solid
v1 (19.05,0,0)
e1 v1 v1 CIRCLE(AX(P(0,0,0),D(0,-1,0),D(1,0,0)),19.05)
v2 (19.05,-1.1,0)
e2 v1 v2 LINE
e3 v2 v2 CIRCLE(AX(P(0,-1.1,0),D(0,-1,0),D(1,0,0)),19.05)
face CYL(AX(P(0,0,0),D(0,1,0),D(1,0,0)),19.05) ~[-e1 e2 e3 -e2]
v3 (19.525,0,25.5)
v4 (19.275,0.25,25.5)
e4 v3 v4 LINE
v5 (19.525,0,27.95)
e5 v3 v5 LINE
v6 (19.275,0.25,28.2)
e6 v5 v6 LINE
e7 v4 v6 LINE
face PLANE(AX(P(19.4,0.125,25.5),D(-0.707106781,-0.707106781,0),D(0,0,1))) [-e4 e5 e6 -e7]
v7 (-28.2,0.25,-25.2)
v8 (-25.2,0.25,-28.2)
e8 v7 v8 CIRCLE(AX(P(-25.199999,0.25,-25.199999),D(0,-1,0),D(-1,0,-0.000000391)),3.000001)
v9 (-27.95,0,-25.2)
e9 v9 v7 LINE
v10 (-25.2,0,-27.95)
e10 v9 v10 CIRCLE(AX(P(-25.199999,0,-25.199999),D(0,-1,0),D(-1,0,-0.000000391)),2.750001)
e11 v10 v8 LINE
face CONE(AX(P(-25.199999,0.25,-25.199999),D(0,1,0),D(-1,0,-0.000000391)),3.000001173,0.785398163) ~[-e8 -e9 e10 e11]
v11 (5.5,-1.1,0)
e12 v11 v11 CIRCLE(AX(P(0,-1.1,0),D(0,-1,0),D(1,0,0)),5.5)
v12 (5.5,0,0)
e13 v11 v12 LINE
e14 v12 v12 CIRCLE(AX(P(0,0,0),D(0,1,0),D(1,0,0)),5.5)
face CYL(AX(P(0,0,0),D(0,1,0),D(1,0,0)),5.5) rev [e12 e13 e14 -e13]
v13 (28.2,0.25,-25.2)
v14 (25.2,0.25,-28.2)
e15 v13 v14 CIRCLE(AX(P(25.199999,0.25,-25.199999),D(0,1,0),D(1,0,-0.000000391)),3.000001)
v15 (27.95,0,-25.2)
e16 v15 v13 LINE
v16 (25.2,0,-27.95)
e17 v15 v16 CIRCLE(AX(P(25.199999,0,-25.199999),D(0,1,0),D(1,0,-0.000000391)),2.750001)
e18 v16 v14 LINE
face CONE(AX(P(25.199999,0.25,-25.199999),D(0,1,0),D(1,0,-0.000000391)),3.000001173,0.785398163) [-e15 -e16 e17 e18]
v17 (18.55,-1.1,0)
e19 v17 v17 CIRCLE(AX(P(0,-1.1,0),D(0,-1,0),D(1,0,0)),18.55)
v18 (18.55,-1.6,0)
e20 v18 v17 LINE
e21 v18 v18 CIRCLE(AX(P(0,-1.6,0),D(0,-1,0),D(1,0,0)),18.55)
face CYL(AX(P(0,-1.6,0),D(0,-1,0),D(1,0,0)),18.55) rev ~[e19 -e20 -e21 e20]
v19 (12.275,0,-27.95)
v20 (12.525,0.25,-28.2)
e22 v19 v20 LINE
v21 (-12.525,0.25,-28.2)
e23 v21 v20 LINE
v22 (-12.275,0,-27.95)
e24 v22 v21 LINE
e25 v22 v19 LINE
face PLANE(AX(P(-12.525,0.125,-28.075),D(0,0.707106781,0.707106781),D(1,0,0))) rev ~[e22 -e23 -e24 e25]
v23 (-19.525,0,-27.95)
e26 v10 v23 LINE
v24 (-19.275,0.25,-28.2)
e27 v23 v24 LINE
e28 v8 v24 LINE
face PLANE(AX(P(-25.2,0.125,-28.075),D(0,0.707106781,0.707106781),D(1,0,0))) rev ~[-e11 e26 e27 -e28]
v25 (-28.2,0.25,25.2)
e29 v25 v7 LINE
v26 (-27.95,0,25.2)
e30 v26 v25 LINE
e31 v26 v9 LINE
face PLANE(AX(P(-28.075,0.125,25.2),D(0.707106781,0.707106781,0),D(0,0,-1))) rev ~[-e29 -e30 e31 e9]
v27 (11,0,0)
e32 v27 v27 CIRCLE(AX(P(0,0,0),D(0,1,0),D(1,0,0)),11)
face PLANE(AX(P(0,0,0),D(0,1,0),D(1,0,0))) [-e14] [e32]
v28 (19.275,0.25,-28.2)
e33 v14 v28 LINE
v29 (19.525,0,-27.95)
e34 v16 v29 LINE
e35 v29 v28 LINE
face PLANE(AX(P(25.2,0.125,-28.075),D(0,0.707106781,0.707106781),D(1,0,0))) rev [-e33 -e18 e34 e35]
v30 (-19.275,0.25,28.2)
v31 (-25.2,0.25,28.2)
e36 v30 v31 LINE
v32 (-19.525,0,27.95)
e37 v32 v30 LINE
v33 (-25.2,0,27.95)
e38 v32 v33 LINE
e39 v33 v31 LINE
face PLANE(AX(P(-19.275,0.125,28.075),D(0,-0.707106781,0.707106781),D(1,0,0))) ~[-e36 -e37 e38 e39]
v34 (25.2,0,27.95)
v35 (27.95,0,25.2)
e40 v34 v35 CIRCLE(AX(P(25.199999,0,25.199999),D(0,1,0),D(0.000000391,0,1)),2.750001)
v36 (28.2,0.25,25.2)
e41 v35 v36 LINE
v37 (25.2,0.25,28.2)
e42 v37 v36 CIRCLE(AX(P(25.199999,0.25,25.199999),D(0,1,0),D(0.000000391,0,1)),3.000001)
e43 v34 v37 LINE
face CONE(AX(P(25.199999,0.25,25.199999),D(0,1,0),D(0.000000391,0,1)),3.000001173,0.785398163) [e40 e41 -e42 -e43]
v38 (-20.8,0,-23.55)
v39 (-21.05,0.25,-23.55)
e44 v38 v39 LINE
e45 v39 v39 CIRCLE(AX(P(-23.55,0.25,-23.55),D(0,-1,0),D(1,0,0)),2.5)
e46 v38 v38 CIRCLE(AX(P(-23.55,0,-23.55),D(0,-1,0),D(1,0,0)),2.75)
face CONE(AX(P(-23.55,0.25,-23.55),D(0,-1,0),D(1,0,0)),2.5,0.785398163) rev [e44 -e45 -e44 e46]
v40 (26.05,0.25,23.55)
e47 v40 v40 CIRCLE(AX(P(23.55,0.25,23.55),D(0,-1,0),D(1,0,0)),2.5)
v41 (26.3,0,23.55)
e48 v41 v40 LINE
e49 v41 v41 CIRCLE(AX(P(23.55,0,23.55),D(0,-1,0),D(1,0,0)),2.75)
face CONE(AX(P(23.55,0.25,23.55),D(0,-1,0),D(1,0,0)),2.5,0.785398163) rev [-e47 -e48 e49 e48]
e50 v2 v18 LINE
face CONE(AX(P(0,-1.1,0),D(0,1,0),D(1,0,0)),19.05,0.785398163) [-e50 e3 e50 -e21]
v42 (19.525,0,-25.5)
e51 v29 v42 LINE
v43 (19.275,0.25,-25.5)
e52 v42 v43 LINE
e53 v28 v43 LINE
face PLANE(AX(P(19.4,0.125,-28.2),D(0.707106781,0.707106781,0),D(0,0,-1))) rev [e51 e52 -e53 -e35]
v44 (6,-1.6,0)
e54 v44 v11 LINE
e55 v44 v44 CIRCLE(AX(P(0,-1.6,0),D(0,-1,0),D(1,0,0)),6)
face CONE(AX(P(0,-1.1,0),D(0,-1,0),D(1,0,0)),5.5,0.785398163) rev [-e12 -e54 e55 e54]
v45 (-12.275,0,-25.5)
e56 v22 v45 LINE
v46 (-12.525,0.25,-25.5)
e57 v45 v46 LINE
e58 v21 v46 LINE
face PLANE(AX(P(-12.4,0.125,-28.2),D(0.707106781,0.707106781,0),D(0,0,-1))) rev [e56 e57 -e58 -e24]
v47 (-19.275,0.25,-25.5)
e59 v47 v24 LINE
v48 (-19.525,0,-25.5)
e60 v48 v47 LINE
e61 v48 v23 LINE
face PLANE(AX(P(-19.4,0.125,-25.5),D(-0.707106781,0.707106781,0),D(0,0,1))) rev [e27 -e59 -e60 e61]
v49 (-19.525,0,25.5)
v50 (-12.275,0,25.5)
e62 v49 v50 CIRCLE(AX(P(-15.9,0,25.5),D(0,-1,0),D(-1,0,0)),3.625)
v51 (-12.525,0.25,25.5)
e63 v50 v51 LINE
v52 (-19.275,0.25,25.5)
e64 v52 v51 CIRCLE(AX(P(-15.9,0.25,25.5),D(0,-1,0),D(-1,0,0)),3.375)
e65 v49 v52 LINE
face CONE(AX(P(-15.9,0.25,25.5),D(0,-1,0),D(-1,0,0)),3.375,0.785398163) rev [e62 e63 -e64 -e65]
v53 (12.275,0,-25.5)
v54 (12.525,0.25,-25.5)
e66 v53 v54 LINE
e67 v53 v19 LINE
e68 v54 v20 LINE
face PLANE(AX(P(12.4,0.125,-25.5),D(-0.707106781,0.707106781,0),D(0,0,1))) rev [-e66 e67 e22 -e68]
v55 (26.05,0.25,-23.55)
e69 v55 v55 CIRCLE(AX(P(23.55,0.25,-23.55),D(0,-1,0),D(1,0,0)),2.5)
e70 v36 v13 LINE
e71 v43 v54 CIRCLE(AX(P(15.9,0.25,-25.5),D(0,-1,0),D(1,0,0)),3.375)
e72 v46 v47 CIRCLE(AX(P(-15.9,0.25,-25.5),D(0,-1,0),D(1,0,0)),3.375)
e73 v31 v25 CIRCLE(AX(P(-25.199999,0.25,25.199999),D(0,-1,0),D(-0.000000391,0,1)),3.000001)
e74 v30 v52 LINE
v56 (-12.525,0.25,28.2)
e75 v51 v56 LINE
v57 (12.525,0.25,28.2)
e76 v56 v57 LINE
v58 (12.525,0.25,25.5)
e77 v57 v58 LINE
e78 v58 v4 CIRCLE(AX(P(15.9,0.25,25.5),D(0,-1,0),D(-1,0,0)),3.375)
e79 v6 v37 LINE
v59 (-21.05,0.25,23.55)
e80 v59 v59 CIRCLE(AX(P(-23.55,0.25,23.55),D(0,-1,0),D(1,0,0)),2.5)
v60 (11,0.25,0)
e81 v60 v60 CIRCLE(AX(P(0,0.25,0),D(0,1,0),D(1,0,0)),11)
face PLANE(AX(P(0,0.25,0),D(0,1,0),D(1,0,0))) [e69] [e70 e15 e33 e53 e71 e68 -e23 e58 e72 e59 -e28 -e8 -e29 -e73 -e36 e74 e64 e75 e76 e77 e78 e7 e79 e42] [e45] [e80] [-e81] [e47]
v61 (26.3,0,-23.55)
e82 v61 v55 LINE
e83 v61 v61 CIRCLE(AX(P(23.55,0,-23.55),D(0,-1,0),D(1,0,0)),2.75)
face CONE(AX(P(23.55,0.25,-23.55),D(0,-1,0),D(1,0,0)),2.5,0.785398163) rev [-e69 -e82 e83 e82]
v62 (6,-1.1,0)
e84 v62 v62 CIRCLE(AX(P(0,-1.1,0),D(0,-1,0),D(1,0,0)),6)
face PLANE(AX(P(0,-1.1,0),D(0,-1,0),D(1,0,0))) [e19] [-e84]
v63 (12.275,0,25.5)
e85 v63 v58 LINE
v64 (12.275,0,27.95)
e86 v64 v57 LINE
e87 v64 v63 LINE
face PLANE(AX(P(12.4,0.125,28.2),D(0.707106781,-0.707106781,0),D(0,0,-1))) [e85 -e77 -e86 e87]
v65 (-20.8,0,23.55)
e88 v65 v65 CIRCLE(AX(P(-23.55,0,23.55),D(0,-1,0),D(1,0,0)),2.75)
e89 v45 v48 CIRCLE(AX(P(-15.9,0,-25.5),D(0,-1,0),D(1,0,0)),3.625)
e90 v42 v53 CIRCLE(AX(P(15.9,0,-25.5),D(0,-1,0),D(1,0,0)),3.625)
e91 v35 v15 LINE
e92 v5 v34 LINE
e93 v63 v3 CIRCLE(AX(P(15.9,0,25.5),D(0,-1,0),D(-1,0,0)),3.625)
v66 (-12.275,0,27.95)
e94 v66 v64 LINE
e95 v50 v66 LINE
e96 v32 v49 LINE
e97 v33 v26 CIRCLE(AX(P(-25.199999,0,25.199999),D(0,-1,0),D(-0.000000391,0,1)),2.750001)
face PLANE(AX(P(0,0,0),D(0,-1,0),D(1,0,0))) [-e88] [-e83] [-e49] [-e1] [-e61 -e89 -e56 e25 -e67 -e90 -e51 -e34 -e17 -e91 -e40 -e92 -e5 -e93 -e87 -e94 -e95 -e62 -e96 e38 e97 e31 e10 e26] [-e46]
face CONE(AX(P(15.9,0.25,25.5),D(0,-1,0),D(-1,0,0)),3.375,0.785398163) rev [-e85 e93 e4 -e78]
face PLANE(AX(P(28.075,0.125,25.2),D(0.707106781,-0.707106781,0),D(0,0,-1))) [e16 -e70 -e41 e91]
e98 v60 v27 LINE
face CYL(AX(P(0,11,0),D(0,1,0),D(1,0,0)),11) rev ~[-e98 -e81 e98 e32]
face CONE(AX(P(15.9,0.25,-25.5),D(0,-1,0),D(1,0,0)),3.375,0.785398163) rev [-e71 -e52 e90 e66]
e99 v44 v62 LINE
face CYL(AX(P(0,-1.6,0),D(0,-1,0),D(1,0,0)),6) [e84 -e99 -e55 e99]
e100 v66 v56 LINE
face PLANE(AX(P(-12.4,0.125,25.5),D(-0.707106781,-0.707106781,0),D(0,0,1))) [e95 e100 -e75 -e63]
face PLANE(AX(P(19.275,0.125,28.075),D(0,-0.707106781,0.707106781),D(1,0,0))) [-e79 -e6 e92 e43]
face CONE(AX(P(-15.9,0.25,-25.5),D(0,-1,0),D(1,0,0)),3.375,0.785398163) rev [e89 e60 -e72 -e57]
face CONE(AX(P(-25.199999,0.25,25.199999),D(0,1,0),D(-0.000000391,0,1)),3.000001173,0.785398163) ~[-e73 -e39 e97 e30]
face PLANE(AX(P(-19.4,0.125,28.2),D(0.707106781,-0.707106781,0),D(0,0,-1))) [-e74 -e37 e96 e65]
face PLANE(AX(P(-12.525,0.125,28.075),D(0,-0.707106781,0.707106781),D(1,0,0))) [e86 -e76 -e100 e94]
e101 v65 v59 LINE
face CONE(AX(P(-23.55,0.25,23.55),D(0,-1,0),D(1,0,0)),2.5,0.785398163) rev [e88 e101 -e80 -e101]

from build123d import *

# Parameters (mm, degrees)
SKETCH036_R     = 5.5
PAD020_DEPTH    = 6
SKETCH035_R     = 5.5
PAD019_DEPTH    = 5
SKETCH037_R     = 19.05
SKETCH037_R_2   = 5.5
PAD021_DEPTH    = 1.6
SKETCH038_R     = 2.5
POCKET015_DEPTH = 11.001
SKETCH039_R     = 1.5
POCKET016_DEPTH = 12.601
POCKET017_DEPTH = 3
SKETCH041_R     = 11
POCKET018_DEPTH = 11
CHAMFER004_SIZE = 0.25
CHAMFER005_SIZE = 0.5
SKETCH042_R     = 40.822693
POCKET022_DEPTH = 10.75
SKETCH043_R     = 18.55
SKETCH043_R_2   = 6
POCKET023_DEPTH = 0.5


with BuildPart() as part:
    # Sketch036 → Pad020 (new body)
    with BuildSketch(Plane(origin=(0, 5, 0), x_dir=(1, 0, 0), z_dir=(0, 1, 0))):
        with BuildLine():
            Line((-26.2, 19.45), (-23.7, 19.45))
            ThreePointArc((-23.7, 19.45), (-20.694796, 20.694796), (-19.45, 23.7))
            Line((-19.45, 23.7), (-19.45, 26.2))
            ThreePointArc((-17.45, 28.2), (-18.864214, 27.614214), (-19.45, 26.2))
            Line((-17.45, 28.2), (17.45, 28.2))
            ThreePointArc((19.45, 26.2), (18.864214, 27.614214), (17.45, 28.2))
            Line((19.45, 26.2), (19.45, 23.7))
            ThreePointArc((19.45, 23.7), (20.694796, 20.694796), (23.7, 19.45))
            Line((23.7, 19.45), (26.2, 19.45))
            ThreePointArc((28.2, 17.45), (27.614214, 18.864214), (26.2, 19.45))
            Line((28.2, 17.45), (28.2, -17.45))
            ThreePointArc((26.2, -19.45), (27.614214, -18.864214), (28.2, -17.45))
            Line((23.7, -19.45), (26.2, -19.45))
            ThreePointArc((23.7, -19.45), (20.694796, -20.694796), (19.45, -23.7))
            Line((19.45, -26.2), (19.45, -23.7))
            ThreePointArc((17.45, -28.2), (18.864214, -27.614214), (19.45, -26.2))
            Line((-17.45, -28.2), (17.45, -28.2))
            ThreePointArc((-19.45, -26.2), (-18.864214, -27.614214), (-17.45, -28.2))
            Line((-19.45, -26.2), (-19.45, -23.7))
            ThreePointArc((-19.45, -23.7), (-20.694796, -20.694796), (-23.7, -19.45))
            Line((-26.2, -19.45), (-23.7, -19.45))
            ThreePointArc((-28.2, -17.45), (-27.614214, -18.864214), (-26.2, -19.45))
            Line((-28.2, 17.45), (-28.2, -17.45))
            ThreePointArc((-26.2, 19.45), (-27.614214, 18.864214), (-28.2, 17.45))
        make_face()
        Circle(SKETCH036_R, mode=Mode.SUBTRACT)
    extrude(amount=PAD020_DEPTH)

    # Sketch035 (on Face26 of Pad020) → Pad019 (join)
    with BuildSketch(Plane.XZ.offset(-5)):
        with BuildLine():
            Line((-28.2, 25.2), (-28.2, -25.2))
            ThreePointArc((-28.2, -25.2), (-27.32132, -27.32132), (-25.2, -28.2))
            Line((-25.2, -28.2), (25.2, -28.2))
            ThreePointArc((25.2, -28.2), (27.32132, -27.32132), (28.2, -25.2))
            Line((28.2, 25.2), (28.2, -25.2))
            ThreePointArc((28.2, 25.2), (27.32132, 27.32132), (25.2, 28.2))
            Line((-25.2, 28.2), (25.2, 28.2))
            ThreePointArc((-25.2, 28.2), (-27.32132, 27.32132), (-28.2, 25.2))
        make_face()
        Circle(SKETCH035_R, mode=Mode.SUBTRACT)
    extrude(amount=PAD019_DEPTH)

    # Sketch037 (on Face33 of Pad019) → Pad021 (join)
    with BuildSketch(Plane.XZ):
        Circle(SKETCH037_R)
        Circle(SKETCH037_R_2, mode=Mode.SUBTRACT)
    extrude(amount=PAD021_DEPTH)

    # Sketch038 (on Face33 of Pad021) → Pocket015 (cut, through all)
    with BuildSketch(Plane.XZ):
        with Locations((-23.55, 23.55)):
            Circle(SKETCH038_R)
        with Locations((23.55, 23.55)):
            Circle(SKETCH038_R)
        with Locations((23.55, -23.55)):
            Circle(SKETCH038_R)
        with Locations((-23.55, -23.55)):
            Circle(SKETCH038_R)
    extrude(amount=-POCKET015_DEPTH, mode=Mode.SUBTRACT)

    # Sketch039 (on Face5 of Pocket015) → Pocket016 (cut, through all)
    with BuildSketch(Plane(origin=(0, 11, 0), x_dir=(1, 0, 0), z_dir=(0, 1, 0))):
        with Locations((-15.9, 25.5)):
            Circle(SKETCH039_R)
        with Locations((15.9, 25.5)):
            Circle(SKETCH039_R)
        with Locations((-15.9, -25.5)):
            Circle(SKETCH039_R)
        with Locations((15.9, -25.5)):
            Circle(SKETCH039_R)
    extrude(amount=-POCKET016_DEPTH, mode=Mode.SUBTRACT)

    # Sketch040 (on Face38 of Pocket016) → Pocket017 (cut)
    with BuildSketch(Plane.XZ):
        with BuildLine():
            Line((-19.275, -25.5), (-19.275, -30.5))
            Line((-19.275, -30.5), (-12.525, -30.5))
            Line((-12.525, -30.5), (-12.525, -25.5))
            ThreePointArc((-12.525, -25.5), (-15.9, -22.125), (-19.275, -25.5))
        make_face()
        with BuildLine():
            Line((12.525, -25.5), (12.525, -30.5))
            Line((12.525, -30.5), (19.275, -30.5))
            Line((19.275, -30.5), (19.275, -25.5))
            ThreePointArc((19.275, -25.5), (15.9, -22.125), (12.525, -25.5))
        make_face()
        with BuildLine():
            Line((-19.275, 25.5), (-19.275, 30.5))
            Line((-19.275, 30.5), (-12.525, 30.5))
            Line((-12.525, 30.5), (-12.525, 25.5))
            ThreePointArc((-19.275, 25.5), (-15.9, 22.125), (-12.525, 25.5))
        make_face()
        with BuildLine():
            Line((12.525, 25.5), (12.525, 30.5))
            Line((12.525, 30.5), (19.275, 30.5))
            Line((19.275, 30.5), (19.275, 25.5))
            ThreePointArc((12.525, 25.5), (15.9, 22.125), (19.275, 25.5))
        make_face()
    extrude(amount=-POCKET017_DEPTH, mode=Mode.SUBTRACT)

    # Sketch041 (on Face5 of Pocket017) → Pocket018 (cut)
    with BuildSketch(Plane(origin=(0, 11, 0), x_dir=(1, 0, 0), z_dir=(0, 1, 0))):
        Circle(SKETCH041_R)
    extrude(amount=-POCKET018_DEPTH, mode=Mode.SUBTRACT)

    # Chamfer004
    chamfer004_edges = [part.edges().sort_by_distance(p)[0] for p in [
        (-28.2, 0, 0),
        (-27.32132, 0, 27.32132),
        (-26.05, 0, 23.55),
        (-22.2375, 0, 28.2),
        (-15.9, 0, 22.125),
        (0, 0, 28.2),
        (15.9, 0, 22.125),
        (21.05, 0, 23.55),
        (28.2, 0, 0),
        (-27.32132, 0, -27.32132),
        (-22.2375, 0, -28.2),
        (-26.05, 0, -23.55),
        (-15.9, 0, -22.125),
        (0, 0, -28.2),
        (27.32132, 0, -27.32132),
        (22.2375, 0, -28.2),
        (21.05, 0, -23.55),
        (15.9, 0, -22.125),
    ]]
    chamfer(chamfer004_edges, length=CHAMFER004_SIZE)

    # Chamfer005
    chamfer005_edges = [part.edges().sort_by_distance(p)[0] for p in [
        (-19.05, -1.6, 0),
        (-5.5, -1.6, 0),
    ]]
    chamfer(chamfer005_edges, length=CHAMFER005_SIZE)

    # Sketch042 (on Face7 of Pocket018) → Pocket022 (cut)
    with BuildSketch(Plane(origin=(0, 11, 0), x_dir=(1, 0, 0), z_dir=(0, 1, 0))):
        Circle(SKETCH042_R)
    extrude(amount=-POCKET022_DEPTH, mode=Mode.SUBTRACT)

    # Sketch043 (on Face4 of Pocket022) → Pocket023 (cut)
    with BuildSketch(Plane.XZ.offset(1.6)):
        Circle(SKETCH043_R)
        Circle(SKETCH043_R_2, mode=Mode.SUBTRACT)
    extrude(amount=-POCKET023_DEPTH, mode=Mode.SUBTRACT)


solid = part.part
